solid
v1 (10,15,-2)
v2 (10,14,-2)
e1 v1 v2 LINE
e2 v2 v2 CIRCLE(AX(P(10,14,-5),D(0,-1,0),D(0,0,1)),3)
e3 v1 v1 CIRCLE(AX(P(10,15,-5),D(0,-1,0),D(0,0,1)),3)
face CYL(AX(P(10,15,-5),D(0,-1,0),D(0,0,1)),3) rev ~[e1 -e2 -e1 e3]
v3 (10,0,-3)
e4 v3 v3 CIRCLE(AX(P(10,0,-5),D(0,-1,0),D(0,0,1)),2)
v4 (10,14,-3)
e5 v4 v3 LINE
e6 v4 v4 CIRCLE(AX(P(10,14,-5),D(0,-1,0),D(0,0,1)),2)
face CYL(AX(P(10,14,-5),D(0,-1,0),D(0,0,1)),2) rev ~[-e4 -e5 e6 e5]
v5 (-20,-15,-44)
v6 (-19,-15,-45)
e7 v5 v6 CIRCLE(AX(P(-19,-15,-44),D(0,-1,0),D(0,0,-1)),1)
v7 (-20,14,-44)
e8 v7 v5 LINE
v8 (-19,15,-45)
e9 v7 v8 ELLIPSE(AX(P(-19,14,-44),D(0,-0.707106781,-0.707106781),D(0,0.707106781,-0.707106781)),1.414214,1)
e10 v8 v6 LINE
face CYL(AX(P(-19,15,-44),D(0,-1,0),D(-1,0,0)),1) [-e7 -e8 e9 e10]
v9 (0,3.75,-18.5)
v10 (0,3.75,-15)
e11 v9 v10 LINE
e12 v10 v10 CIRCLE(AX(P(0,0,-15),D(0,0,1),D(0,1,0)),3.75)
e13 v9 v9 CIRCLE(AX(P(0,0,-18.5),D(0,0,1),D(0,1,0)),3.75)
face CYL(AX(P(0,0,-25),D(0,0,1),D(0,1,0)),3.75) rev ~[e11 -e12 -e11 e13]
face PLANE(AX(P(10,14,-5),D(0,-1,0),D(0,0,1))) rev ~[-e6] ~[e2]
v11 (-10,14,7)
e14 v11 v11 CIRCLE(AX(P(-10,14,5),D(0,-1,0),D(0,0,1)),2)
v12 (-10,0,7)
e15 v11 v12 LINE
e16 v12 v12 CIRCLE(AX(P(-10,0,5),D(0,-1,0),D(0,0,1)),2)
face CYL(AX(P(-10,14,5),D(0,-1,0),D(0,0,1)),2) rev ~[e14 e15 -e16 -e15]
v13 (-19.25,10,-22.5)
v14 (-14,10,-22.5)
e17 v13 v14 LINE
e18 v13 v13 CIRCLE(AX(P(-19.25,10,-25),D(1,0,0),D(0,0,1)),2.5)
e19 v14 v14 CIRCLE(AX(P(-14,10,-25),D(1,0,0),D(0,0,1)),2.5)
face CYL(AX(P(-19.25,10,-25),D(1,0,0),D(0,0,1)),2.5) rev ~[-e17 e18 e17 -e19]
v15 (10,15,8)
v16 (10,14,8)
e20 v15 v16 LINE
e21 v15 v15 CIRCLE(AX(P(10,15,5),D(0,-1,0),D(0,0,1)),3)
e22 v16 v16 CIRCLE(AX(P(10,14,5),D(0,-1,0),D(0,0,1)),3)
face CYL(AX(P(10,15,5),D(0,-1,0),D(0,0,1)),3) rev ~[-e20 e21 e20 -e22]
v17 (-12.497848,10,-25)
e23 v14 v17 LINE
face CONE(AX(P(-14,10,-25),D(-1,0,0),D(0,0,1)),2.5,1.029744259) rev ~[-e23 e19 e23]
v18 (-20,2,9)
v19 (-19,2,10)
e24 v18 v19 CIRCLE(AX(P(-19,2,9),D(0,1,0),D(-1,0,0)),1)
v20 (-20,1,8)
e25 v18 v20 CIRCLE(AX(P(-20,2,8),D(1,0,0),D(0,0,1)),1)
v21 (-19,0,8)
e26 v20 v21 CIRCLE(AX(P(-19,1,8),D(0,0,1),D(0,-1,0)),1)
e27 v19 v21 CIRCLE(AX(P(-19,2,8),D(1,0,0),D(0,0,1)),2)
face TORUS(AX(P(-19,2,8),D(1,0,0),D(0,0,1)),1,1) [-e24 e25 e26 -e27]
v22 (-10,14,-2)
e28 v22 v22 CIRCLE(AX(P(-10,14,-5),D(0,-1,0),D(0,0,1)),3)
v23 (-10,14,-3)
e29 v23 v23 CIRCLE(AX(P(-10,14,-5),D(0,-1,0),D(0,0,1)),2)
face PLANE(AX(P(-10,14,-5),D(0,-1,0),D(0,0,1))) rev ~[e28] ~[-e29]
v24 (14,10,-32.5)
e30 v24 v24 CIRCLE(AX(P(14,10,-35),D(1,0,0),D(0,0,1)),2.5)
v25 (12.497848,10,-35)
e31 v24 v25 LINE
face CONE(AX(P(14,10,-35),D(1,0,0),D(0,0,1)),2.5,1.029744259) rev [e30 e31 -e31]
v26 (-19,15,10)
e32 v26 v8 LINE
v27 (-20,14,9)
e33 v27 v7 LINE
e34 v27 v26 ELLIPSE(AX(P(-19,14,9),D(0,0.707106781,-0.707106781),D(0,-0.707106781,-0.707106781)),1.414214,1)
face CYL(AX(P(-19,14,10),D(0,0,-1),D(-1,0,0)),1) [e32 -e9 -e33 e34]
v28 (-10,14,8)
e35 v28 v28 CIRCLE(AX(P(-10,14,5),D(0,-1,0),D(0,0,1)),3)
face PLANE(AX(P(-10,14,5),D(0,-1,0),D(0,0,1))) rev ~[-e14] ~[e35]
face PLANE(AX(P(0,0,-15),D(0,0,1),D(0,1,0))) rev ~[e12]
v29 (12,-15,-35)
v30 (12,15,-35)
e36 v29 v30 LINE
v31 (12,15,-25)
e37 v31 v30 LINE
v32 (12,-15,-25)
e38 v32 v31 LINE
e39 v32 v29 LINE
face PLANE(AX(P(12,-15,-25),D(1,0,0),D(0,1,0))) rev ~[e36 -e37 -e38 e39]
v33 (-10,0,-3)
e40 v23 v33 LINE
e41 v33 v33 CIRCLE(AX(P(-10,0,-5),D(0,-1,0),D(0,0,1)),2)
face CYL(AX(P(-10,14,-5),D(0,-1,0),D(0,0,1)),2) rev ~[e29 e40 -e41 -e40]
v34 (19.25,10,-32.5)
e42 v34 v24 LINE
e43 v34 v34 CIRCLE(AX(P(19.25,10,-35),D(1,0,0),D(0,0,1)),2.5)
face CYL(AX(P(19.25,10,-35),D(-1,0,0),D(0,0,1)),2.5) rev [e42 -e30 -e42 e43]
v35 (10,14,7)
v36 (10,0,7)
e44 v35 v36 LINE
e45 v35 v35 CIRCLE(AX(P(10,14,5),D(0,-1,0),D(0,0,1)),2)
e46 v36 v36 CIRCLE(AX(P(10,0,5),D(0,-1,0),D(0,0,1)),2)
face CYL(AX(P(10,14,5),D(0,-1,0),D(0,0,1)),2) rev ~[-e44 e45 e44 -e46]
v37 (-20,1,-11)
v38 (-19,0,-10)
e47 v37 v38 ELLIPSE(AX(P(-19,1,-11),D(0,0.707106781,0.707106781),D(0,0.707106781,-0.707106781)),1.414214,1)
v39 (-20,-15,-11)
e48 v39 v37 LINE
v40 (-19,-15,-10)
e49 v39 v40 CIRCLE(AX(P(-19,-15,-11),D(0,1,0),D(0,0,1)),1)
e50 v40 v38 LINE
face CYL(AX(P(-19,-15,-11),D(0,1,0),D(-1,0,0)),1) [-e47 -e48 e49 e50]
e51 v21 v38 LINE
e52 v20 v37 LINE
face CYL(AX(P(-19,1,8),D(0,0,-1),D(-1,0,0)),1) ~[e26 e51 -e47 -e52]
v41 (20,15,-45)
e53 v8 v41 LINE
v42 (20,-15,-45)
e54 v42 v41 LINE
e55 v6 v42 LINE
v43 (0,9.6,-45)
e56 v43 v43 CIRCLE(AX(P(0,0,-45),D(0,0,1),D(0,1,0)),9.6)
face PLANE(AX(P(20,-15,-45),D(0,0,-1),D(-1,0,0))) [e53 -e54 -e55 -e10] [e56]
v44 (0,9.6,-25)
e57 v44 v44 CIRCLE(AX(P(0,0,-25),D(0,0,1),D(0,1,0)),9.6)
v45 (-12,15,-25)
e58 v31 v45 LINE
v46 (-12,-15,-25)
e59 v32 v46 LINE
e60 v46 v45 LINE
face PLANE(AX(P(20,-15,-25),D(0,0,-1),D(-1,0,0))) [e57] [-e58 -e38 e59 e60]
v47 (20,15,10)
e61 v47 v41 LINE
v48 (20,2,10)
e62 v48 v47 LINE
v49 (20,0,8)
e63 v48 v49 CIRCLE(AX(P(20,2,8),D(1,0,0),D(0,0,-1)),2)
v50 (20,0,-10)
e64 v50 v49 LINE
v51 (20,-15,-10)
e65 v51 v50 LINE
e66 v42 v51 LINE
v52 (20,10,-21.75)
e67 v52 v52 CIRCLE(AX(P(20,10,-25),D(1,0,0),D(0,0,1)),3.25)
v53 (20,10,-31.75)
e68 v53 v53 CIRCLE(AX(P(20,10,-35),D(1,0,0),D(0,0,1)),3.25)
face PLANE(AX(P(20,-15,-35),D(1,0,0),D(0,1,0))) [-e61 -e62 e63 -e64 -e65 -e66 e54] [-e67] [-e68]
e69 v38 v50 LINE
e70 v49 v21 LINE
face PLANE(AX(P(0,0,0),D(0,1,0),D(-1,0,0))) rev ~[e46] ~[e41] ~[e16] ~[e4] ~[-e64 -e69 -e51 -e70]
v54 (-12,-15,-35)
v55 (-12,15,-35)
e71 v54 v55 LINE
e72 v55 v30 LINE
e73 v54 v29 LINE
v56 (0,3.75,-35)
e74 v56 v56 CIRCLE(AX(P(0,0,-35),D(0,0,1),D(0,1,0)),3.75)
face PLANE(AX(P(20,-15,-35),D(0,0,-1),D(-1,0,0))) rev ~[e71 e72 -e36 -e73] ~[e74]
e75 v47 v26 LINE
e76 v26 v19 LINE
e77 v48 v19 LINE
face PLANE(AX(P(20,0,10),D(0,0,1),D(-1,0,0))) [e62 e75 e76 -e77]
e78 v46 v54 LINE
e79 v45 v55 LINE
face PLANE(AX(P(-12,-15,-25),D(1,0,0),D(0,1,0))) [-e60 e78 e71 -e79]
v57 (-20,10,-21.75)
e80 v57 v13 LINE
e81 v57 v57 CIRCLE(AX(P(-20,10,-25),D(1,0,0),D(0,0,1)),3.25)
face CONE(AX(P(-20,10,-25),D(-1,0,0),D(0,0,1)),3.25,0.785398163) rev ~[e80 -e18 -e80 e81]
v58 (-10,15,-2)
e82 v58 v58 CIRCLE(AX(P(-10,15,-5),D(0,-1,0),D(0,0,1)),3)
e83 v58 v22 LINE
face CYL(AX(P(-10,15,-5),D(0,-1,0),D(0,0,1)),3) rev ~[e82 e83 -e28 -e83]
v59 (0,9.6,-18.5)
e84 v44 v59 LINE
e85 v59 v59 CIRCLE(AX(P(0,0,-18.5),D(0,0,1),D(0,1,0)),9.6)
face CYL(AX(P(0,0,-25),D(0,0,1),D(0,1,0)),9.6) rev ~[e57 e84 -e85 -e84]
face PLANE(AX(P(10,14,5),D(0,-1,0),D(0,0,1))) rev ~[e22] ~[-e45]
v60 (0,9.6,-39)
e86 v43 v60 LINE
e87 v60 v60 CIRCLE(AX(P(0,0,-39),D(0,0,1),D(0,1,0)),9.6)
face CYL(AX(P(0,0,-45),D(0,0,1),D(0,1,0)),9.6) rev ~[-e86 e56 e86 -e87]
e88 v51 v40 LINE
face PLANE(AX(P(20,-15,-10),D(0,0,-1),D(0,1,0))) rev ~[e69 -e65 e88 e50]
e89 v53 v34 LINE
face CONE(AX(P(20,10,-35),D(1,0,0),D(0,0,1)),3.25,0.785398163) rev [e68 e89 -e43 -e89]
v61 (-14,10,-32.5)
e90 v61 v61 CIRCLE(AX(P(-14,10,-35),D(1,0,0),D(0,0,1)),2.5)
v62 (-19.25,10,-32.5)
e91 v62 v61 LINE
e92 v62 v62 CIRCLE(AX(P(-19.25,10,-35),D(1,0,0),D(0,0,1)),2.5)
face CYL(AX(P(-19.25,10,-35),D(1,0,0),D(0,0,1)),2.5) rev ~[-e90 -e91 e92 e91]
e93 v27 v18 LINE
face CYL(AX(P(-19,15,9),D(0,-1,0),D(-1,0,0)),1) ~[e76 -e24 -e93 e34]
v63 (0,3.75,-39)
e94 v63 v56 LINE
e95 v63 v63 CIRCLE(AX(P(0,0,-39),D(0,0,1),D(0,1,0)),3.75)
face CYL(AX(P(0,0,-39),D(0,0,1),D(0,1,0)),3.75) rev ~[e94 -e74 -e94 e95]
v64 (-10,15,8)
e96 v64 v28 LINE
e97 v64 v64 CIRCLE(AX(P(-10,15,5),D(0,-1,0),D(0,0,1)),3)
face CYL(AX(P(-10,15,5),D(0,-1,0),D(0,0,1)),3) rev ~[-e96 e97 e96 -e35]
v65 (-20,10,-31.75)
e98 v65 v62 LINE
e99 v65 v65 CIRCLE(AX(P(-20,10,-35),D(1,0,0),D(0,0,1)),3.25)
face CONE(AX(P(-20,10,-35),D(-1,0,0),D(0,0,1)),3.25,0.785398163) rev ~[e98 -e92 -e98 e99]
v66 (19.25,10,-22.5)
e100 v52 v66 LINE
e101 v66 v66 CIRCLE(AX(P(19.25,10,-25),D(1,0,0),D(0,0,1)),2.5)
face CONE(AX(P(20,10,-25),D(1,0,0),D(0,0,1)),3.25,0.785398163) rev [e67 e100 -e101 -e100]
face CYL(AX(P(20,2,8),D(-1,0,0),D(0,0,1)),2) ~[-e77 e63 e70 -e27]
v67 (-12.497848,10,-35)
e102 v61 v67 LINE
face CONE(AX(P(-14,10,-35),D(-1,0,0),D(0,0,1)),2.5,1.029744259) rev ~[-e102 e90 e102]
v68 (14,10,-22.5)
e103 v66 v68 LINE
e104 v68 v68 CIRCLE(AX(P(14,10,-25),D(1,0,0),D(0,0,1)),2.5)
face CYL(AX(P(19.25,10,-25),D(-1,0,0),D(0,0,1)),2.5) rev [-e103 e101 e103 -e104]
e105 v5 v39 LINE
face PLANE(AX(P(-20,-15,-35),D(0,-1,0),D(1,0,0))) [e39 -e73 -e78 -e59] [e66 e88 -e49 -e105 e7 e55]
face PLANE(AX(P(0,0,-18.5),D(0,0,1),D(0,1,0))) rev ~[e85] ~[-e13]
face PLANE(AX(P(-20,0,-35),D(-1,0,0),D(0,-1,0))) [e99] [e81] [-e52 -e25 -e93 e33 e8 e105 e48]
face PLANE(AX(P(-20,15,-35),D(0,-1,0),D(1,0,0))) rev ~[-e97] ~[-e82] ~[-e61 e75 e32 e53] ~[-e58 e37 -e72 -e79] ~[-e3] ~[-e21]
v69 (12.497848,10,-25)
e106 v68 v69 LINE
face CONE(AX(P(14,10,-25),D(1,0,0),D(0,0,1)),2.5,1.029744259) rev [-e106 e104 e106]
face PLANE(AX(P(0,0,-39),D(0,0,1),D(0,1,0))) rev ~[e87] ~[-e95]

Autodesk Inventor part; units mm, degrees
ref_plane "YZ Plane" through (0, 0, 0) normal (1, 0, 0) x (0, 1, 0)
ref_plane "XZ Plane" through (0, 0, 0) normal (0, 1, 0) x (-1, 0, 0)
ref_plane "XY Plane" through (0, 0, 0) normal (0, 0, 1) x (1, 0, 0)
sketch "Sketch1" plane through (0, 0, 0) normal (0, 1, 0) x (-1, 0, 0)
  line L0 (-20, 10) -> (20, 10)
  line L1 (20, 10) -> (20, -10)
  line L2 (20, -10) -> (-20, -10)
  line L3 (-20, -10) -> (-20, 10)
  line L4 (-20, 10) -> (20, -10) construction
  line L5 (20, 10) -> (-20, -10) construction
  point P0 (0, 0)
  dimension "d0" = 40
  dimension "d1" = 20
extrude "Extrusion1" add sketch "Sketch1" along normal blind 15
sketch "Sketch2" plane through (0, 15, 0) normal (0, 1, 0) x (1, 0, 0)
  line L0 (20, 10) -> (-20, 10) construction
  line L1 (-20, -10) -> (20, -10) construction
  line L2 (20, -10) -> (20, 10) construction
  line L3 (20, 10) -> (-20, 10) construction
  line L4 (-20, 10) -> (-20, -10) construction
  line L5 (-20, -10) -> (20, 10) construction
  line L6 (20, -10) -> (-20, 10) construction
  line L7 (-10, -5) -> (10, -5) construction
  line L8 (10, -5) -> (10, 5) construction
  line L9 (10, 5) -> (-10, 5) construction
  line L10 (-10, 5) -> (-10, -5) construction
  line L11 (-10, -5) -> (10, 5) construction
  line L12 (10, -5) -> (-10, 5) construction
  point P0 (0, 0)
  dimension "d4" = 20
hole "Hole1" at (-10, 15, -5) at (-10, 15, 5) at (10, 15, 5) at (10, 15, -5) direction (0, -1, 0) diameter 4 end through all counterbore diameter 6 counterbore depth 1
fillet "Fillet1" radius 2 1 edges at (0, 0, 10)
sketch "Sketch3" plane through (20, 0, -10) normal (1, 0, 0) x (0, 0, -1)
  line L0 (0, 0) -> (0, 15) projected
  line L1 (0, 15) -> (5, 15)
  line L2 (5, 15) -> (5, -15)
  line L3 (5, -15) -> (0, -15)
  line L4 (0, -15) -> (0, 15)
  point P0 (-10, 0)
  dimension "d13" = 5
  dimension "d14" = 30
extrude "Extrusion2" add sketch "Sketch3" against normal up to surface (40 mm away)
sketch "Sketch4" plane through (20, -15, -15) normal (0, 0, -1) x (-1, 0, 0)
  line L0 (0, 17) -> (0, 30) projected
  line L1 (0, 0) -> (40, 0) projected
  line L2 (0, 30) -> (40, 30)
  line L3 (40, 30) -> (40, 0)
  line L4 (40, 0) -> (0, 0)
  line L5 (0, 0) -> (0, 30)
  point P0 (20, 15)
extrude "Extrusion3" add sketch "Sketch4" along normal blind 10
sketch "Sketch5" plane through (20, -15, -25) normal (0, 0, -1) x (-1, 0, 0)
  point P0 (20, 15)
  point P1 (20, 15)
hole "Hole2" at (0, 0, -25) direction (0, 0, 1) diameter 7.5 depth 10
sketch "Sketch6" plane through (20, -15, -25) normal (0, 0, -1) x (-1, 0, 0)
  point P0 (20, 15)
  point P1 (20, 15)
hole "Hole3" at (0, 0, -25) direction (0, 0, 1) diameter 19.2 depth 6.5
sketch "Sketch7" plane through (20, -15, -25) normal (0, 0, -1) x (-1, 0, 0)
  line L0 (40, 0) -> (40, 30) projected
  line L1 (40, 30) -> (0, 30) projected
  line L2 (40, 0) -> (32, 0)
  line L3 (32, 0) -> (32, 30)
  line L4 (32, 30) -> (40, 30)
  line L5 (40, 30) -> (40, 0)
  line L6 (0, 0) -> (40, 0) construction
  line L7 (20, 0) -> (20, 30) construction
  line L8 (0, 0) -> (0, 30)
  line L9 (0, 0) -> (8, 0)
  line L10 (8, 0) -> (8, 30)
  line L11 (8, 30) -> (0, 30)
  line L12 (0, 30) -> (0, 0)
  point P0 (20, 15)
  dimension "d33" = 8
extrude "Extrusion4" add sketch "Sketch7" along normal blind 10
sketch "Sketch8" plane through (20, -15, -35) normal (0, 0, -1) x (-1, 0, 0)
  line L0 (40, 15) -> (40, 0) projected
  line L1 (40, 30) -> (0, 30) projected
  line L2 (40, 0) -> (0, 0)
  line L3 (0, 0) -> (0, 30)
  line L4 (0, 30) -> (40, 30)
  line L5 (40, 30) -> (40, 0)
  point P0 (20, 15)
extrude "Extrusion5" add sketch "Sketch8" along normal blind 10
sketch "Sketch9" plane through (20, -15, -45) normal (0, 0, -1) x (-1, 0, 0)
  line L0 (40, 15) -> (40, 0) construction
  line L1 (0, 17) -> (0, 30) construction
  line L2 (40, 0) -> (0, 30) construction
  line L3 (40, 17) -> (40, 30) construction
  line L4 (0, 0) -> (0, 15) construction
  line L5 (40, 30) -> (0, 0) construction
  point P0 (20, 15)
  point P1 (20, 15)
hole "Hole4" at (0, 0, -45) direction (0, 0, 1) diameter 7.5 depth 10 counterbore diameter 19.2 counterbore depth 6
sketch "Sketch10" plane through (-20, 2, 10) normal (-1, 0, 0) x (0, 0, 1)
  line L0 (-55, -17) -> (-55, 13) construction
  line L1 (-55, 13) -> (-45, 13) construction
  line L2 (-45, 13) -> (-45, 8) construction
  line L3 (-45, 8) -> (-55, 8) construction
  line L4 (-55, 8) -> (-55, 13) construction
  line L5 (-55, 13) -> (-35, 13) construction
  line L6 (-35, 13) -> (-35, 8) construction
  line L7 (-35, 8) -> (-55, 8) construction
  line L8 (-55, 8) -> (-55, 13) construction
  point P0 (-10, -2)
  dimension "d45" = 10
  dimension "d46" = 5
  dimension "d47" = 20
hole "Hole5" at (-20, 10, -35) at (-20, 10, -25) direction (1, 0, 0) diameter 5 depth 6 tip angle 118 countersink diameter 6.5 countersink angle 90
mirror "Mirror1" about plane through (0, 0, 0) normal (1, 0, 0) of "Hole5"
fillet "Fillet2" radius 1 6 edges at (-20, 15, -17.5) (-20, 0.5858, 9.4142) (-20, 0, -1) (-20, 8.5, 10) (-20, -7.5, -10) (-20, 0, -45)
properties part number "Swivel Joint Driver"
